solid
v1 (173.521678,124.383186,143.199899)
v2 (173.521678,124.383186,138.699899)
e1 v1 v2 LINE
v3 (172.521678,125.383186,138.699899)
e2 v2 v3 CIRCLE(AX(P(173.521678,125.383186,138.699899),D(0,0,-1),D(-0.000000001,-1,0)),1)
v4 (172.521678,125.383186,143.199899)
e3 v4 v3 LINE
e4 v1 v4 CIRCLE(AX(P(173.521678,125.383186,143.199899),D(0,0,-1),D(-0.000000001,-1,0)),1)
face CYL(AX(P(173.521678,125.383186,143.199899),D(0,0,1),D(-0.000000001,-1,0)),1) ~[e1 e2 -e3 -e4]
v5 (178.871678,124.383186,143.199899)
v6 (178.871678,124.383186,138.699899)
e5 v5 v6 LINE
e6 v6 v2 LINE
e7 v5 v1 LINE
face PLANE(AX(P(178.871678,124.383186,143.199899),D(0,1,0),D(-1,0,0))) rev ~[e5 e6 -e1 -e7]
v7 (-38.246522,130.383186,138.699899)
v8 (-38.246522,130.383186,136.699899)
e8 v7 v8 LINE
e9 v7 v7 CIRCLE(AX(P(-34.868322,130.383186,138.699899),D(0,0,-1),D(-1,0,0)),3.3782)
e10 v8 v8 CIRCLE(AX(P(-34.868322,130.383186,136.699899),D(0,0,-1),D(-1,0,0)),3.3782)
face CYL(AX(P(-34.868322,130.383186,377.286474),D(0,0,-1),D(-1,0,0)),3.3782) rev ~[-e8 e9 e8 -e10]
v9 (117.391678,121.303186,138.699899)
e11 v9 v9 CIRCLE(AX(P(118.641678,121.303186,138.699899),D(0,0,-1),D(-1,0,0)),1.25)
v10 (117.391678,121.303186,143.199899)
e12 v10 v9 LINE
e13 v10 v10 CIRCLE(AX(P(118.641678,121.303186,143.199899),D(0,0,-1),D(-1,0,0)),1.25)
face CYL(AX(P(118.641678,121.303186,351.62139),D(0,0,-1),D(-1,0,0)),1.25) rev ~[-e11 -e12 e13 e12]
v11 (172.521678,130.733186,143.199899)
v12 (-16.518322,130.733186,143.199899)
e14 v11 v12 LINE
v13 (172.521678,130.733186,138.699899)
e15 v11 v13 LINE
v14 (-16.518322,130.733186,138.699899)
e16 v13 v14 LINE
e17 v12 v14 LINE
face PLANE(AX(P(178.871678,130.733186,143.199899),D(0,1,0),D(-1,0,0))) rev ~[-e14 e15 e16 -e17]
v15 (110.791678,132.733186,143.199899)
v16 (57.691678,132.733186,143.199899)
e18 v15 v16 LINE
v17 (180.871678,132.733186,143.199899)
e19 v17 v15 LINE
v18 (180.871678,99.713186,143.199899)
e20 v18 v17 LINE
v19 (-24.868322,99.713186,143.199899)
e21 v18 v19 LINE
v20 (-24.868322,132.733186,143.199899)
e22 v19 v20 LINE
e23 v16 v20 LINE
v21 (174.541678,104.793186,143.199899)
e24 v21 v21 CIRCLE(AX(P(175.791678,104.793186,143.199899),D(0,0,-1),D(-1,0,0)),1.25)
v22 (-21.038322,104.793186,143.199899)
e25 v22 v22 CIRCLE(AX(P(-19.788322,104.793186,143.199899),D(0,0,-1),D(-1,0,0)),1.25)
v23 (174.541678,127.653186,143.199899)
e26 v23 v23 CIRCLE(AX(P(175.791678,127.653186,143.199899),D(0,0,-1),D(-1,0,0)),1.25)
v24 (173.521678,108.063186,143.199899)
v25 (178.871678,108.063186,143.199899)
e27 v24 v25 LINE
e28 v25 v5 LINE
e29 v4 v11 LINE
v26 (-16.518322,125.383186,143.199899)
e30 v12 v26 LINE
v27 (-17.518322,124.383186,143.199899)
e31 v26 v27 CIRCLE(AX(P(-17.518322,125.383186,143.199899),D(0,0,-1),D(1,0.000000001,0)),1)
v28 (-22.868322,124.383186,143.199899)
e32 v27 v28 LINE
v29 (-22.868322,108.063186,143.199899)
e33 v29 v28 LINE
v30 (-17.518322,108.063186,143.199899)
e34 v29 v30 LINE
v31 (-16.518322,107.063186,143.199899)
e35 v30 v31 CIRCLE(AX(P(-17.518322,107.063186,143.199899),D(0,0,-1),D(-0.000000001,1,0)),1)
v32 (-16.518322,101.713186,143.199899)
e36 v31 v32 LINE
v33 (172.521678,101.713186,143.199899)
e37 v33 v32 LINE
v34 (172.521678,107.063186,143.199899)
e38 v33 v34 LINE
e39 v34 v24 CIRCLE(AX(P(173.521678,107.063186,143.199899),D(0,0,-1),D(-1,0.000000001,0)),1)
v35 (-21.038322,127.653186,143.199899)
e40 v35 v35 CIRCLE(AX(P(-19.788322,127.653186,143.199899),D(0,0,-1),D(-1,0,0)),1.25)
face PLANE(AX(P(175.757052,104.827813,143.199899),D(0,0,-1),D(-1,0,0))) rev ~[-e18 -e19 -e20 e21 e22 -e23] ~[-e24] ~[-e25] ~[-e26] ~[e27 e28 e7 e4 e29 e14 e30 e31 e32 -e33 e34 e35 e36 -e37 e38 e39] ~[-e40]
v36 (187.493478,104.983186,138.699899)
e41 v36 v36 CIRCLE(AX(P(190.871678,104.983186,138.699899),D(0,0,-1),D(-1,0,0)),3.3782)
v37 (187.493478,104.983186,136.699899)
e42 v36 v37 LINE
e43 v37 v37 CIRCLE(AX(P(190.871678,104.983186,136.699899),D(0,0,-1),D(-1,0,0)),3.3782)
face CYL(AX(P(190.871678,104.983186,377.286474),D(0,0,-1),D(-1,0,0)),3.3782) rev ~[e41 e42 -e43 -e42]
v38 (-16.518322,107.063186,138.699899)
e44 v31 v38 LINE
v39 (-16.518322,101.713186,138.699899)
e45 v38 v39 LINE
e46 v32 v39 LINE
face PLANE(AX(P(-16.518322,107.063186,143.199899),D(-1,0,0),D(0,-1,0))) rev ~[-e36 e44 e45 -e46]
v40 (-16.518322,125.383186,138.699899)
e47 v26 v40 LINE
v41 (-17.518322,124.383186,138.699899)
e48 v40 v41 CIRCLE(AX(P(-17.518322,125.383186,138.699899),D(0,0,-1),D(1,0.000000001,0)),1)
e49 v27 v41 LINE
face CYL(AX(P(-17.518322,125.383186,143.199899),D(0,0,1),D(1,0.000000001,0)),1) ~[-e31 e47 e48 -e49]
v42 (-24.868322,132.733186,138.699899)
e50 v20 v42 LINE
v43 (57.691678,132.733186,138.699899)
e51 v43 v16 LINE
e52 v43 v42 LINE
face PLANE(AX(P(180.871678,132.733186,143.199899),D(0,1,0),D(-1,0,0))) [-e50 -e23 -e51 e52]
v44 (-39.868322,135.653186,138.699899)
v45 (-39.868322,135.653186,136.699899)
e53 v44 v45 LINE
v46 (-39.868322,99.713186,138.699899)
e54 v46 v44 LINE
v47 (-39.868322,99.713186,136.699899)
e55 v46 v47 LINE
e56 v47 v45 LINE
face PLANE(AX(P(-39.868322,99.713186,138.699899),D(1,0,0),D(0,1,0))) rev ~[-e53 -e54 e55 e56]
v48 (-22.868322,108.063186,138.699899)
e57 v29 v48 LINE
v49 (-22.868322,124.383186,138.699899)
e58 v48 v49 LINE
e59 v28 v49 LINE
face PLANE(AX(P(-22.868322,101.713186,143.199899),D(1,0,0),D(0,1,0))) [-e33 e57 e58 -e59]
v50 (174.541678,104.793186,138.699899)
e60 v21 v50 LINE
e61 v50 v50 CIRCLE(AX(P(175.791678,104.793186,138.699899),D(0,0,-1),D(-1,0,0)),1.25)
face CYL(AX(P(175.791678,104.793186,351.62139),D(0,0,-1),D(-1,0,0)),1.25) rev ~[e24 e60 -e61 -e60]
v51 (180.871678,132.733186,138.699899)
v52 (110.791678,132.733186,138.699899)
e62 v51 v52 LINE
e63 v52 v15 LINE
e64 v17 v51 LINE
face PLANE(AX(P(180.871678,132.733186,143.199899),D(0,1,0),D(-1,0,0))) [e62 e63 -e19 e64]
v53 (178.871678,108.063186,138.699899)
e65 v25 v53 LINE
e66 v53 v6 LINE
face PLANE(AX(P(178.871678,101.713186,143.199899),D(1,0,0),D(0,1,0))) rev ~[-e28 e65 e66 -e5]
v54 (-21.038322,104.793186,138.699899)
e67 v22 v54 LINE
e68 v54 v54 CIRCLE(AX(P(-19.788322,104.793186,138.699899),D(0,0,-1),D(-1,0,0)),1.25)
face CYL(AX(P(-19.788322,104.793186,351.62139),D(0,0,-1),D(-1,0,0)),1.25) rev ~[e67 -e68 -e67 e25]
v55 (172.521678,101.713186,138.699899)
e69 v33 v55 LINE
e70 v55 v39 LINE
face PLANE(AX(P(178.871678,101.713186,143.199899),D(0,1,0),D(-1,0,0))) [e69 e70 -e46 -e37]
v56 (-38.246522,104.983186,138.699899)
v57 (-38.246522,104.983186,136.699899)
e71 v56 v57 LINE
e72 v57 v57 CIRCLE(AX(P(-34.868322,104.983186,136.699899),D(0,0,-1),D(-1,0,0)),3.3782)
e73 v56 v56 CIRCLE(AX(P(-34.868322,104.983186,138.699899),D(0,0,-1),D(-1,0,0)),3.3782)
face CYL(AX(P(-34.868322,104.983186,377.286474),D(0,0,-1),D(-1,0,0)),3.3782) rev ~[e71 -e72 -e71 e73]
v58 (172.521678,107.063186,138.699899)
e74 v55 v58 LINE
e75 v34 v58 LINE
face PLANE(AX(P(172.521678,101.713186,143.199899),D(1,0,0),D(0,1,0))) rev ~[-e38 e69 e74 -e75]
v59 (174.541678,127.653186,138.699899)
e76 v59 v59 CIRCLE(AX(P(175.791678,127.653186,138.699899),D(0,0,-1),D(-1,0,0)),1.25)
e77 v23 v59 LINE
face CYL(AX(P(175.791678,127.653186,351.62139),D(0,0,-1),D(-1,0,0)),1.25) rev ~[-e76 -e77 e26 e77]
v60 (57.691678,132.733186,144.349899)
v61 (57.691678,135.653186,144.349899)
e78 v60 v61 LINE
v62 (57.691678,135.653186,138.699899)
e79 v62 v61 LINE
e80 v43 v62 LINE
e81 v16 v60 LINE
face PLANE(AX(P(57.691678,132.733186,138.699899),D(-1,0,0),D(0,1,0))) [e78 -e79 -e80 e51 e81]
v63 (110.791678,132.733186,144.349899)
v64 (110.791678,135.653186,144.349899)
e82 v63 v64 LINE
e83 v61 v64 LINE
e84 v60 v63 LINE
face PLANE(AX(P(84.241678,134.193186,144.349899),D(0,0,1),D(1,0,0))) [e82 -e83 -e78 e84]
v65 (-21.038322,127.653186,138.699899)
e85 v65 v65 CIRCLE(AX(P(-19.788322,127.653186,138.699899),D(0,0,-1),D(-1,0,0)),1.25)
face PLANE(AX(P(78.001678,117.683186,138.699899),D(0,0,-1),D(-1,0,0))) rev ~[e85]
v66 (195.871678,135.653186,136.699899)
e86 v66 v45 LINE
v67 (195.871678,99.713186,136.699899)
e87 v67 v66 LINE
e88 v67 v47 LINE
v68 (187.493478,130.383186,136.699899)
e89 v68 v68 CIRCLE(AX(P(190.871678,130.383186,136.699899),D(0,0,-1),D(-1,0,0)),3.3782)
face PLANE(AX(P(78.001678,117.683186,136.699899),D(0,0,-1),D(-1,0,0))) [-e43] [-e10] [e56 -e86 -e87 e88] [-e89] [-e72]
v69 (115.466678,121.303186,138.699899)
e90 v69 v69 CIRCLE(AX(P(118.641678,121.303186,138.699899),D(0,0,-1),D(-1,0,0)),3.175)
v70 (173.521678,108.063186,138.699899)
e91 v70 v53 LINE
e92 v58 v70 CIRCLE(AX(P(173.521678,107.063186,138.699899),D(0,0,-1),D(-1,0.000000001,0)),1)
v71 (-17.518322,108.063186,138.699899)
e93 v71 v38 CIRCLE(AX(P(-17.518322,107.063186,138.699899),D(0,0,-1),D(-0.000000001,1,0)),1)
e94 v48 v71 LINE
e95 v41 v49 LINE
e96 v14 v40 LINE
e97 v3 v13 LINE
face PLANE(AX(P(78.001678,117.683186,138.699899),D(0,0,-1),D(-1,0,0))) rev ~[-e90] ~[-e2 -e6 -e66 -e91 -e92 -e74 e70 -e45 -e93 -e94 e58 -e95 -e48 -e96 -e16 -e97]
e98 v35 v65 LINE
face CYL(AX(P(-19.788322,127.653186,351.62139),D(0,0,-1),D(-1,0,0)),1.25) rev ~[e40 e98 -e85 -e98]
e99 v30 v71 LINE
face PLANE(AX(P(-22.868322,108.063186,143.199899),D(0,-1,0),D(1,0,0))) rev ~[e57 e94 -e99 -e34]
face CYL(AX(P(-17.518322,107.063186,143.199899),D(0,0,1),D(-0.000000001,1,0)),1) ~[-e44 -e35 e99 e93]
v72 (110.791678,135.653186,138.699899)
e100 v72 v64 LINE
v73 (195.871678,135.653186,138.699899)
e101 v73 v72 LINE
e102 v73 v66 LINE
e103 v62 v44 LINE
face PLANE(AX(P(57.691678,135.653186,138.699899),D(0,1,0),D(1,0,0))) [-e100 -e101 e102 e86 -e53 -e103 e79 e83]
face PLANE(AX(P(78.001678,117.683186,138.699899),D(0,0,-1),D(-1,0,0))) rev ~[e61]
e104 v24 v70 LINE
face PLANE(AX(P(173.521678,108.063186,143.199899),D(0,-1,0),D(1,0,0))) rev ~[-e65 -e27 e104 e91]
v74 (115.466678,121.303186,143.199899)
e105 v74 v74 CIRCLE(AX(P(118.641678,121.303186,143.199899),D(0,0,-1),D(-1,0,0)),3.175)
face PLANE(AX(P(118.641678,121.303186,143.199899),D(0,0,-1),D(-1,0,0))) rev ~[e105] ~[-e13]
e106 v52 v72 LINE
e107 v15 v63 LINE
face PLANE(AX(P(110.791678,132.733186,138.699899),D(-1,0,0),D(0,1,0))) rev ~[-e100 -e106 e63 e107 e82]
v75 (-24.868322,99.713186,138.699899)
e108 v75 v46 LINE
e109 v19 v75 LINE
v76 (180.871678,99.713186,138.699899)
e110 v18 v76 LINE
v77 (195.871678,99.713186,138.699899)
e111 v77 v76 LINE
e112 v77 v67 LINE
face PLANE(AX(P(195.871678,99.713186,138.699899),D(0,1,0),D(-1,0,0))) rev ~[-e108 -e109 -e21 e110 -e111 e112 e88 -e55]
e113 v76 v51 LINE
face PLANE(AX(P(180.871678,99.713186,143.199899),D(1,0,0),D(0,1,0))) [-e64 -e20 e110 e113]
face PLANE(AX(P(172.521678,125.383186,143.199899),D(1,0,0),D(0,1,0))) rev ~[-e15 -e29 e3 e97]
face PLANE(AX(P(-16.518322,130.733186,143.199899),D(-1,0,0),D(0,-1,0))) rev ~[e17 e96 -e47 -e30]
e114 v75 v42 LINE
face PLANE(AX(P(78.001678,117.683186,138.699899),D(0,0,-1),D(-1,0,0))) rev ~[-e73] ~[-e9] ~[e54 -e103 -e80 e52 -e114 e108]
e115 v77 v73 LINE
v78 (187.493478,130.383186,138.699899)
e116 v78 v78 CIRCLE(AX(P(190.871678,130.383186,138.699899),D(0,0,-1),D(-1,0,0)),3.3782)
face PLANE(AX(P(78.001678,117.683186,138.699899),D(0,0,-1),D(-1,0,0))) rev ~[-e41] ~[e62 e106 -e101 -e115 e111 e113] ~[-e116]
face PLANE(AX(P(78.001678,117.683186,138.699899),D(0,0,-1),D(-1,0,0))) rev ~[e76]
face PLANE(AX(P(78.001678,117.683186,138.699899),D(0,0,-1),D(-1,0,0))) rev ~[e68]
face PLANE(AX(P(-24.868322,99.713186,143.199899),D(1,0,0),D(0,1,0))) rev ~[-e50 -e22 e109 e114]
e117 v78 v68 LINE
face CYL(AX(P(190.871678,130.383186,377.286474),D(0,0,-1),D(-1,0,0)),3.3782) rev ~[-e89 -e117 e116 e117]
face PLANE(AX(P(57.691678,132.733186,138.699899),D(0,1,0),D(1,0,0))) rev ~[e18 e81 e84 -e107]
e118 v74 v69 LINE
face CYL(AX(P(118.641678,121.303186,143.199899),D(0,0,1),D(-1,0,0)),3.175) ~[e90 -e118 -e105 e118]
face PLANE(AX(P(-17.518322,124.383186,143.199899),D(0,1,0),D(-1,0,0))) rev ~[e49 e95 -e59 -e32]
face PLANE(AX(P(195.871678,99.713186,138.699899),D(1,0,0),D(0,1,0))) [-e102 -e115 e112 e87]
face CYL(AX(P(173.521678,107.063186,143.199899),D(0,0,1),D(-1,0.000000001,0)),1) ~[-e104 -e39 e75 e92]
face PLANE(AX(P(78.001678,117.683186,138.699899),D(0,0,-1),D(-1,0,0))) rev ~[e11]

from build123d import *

# Parameters (mm, degrees)
SKETCH1_W                   = 205.74
SKETCH1_H                   = 33.02
SKETCH1_W_2                 = 201.74
SKETCH1_H_2                 = 29.02
SKETCH1_R                   = 3.175
BOSS_EXTRUDE1_DEPTH         = 4.5
TAP_DRILL_FOR_M3X0_5_TAP1_D = 2.5
SKETCH5_W                   = 235.74
SKETCH5_H                   = 35.94
BOSS_EXTRUDE2_DEPTH         = 2
SKETCH6_W                   = 53.1
SKETCH6_H                   = 2.92
BOSS_EXTRUDE3_DEPTH         = 5.65
F_1_4_CLEARANCE_HOLE1_D     = 6.7564


with BuildPart() as part:
    # Sketch1 → Boss-Extrude1 (new body)
    # profile 1 of 6: a face of its own
    with BuildSketch(Plane(origin=(0, 0, 143.199899198), x_dir=(-1, 0, 0), z_dir=(0, 0, -1))):
        with Locations((-78.001678372, 116.22318568)):
            Rectangle(SKETCH1_W, SKETCH1_H)
        with Locations((-78.001678372, 116.22318568)):
            Rectangle(SKETCH1_W_2, SKETCH1_H_2, mode=Mode.SUBTRACT)
    # profile 2 of 6: a face of its own
    with BuildSketch(Plane(origin=(0, 0, 143.199899198), x_dir=(-1, 0, 0), z_dir=(0, 0, -1))):
        with BuildLine():
            Line((16.518321628, 107.06318568), (16.518321628, 101.71318568))
            Line((16.518321628, 101.71318568), (22.868321628, 101.71318568))
            Line((22.868321628, 101.71318568), (22.868321628, 108.06318568))
            Line((22.868321628, 108.06318568), (17.518321628, 108.06318568))
            ThreePointArc((17.518321628, 108.06318568), (16.811214846, 107.770292461), (16.518321628, 107.06318568))
        make_face()
    # profile 3 of 6: a face of its own
    with BuildSketch(Plane(origin=(0, 0, 143.199899198), x_dir=(-1, 0, 0), z_dir=(0, 0, -1))):
        with BuildLine():
            Line((22.868321628, 130.73318568), (16.518321628, 130.73318568))
            Line((16.518321628, 130.73318568), (16.518321628, 125.38318568))
            ThreePointArc((16.518321628, 125.38318568), (16.811214846, 124.676078899), (17.518321628, 124.38318568))
            Line((17.518321628, 124.38318568), (22.868321628, 124.38318568))
            Line((22.868321628, 124.38318568), (22.868321628, 130.73318568))
        make_face()
    # profile 4 of 6: a face of its own
    with BuildSketch(Plane(origin=(0, 0, 143.199899198), x_dir=(-1, 0, 0), z_dir=(0, 0, -1))):
        with Locations((-118.641678372, 121.30318568)):
            Circle(SKETCH1_R)
    # profile 5 of 6: a face of its own
    with BuildSketch(Plane(origin=(0, 0, 143.199899198), x_dir=(-1, 0, 0), z_dir=(0, 0, -1))):
        with BuildLine():
            Line((-178.871678372, 130.73318568), (-178.871678372, 124.38318568))
            Line((-178.871678372, 124.38318568), (-173.521678372, 124.38318568))
            ThreePointArc((-173.521678372, 124.38318568), (-172.814571591, 124.676078899), (-172.521678372, 125.38318568))
            Line((-172.521678372, 125.38318568), (-172.521678372, 130.73318568))
            Line((-172.521678372, 130.73318568), (-178.871678372, 130.73318568))
        make_face()
    # profile 6 of 6: a face of its own
    with BuildSketch(Plane(origin=(0, 0, 143.199899198), x_dir=(-1, 0, 0), z_dir=(0, 0, -1))):
        with BuildLine():
            Line((-178.871678372, 108.06318568), (-178.871678372, 101.71318568))
            Line((-178.871678372, 101.71318568), (-172.521678372, 101.71318568))
            Line((-172.521678372, 101.71318568), (-172.521678372, 107.06318568))
            ThreePointArc((-172.521678372, 107.06318568), (-172.814571591, 107.770292461), (-173.521678372, 108.06318568))
            Line((-173.521678372, 108.06318568), (-178.871678372, 108.06318568))
        make_face()
    extrude(amount=BOSS_EXTRUDE1_DEPTH)

    # Tap Drill for M3x0.5 Tap1 (through all)
    with Locations(Plane.XY.offset(143.199899198)):
        with Locations((-19.788321628, 127.65318568), (-19.788321628, 104.79318568), (118.641678372, 121.30318568), (175.791678372, 127.65318568), (175.791678372, 104.79318568)):
            Hole(TAP_DRILL_FOR_M3X0_5_TAP1_D / 2)

    # Sketch5 → Boss-Extrude2 (add)
    with BuildSketch(Plane(origin=(0, 0, 138.699899198), x_dir=(-1, 0, 0), z_dir=(0, 0, -1))):
        with Locations((-78.001678372, 117.68318568)):
            Rectangle(SKETCH5_W, SKETCH5_H)
    extrude(amount=BOSS_EXTRUDE2_DEPTH)

    # Sketch6 → Boss-Extrude3 (add)
    with BuildSketch(Plane.XY.offset(138.699899198)):
        with Locations((84.241678372, 134.19318568)):
            Rectangle(SKETCH6_W, SKETCH6_H)
    extrude(amount=BOSS_EXTRUDE3_DEPTH)

    # 1/4 Clearance Hole1 (through all)
    with Locations(Plane.XY.offset(138.699899198)):
        with Locations((190.871678372, 104.98318568), (190.871678372, 130.38318568), (-34.868321628, 104.98318568), (-34.868321628, 130.38318568)):
            Hole(F_1_4_CLEARANCE_HOLE1_D / 2)


solid = part.part
